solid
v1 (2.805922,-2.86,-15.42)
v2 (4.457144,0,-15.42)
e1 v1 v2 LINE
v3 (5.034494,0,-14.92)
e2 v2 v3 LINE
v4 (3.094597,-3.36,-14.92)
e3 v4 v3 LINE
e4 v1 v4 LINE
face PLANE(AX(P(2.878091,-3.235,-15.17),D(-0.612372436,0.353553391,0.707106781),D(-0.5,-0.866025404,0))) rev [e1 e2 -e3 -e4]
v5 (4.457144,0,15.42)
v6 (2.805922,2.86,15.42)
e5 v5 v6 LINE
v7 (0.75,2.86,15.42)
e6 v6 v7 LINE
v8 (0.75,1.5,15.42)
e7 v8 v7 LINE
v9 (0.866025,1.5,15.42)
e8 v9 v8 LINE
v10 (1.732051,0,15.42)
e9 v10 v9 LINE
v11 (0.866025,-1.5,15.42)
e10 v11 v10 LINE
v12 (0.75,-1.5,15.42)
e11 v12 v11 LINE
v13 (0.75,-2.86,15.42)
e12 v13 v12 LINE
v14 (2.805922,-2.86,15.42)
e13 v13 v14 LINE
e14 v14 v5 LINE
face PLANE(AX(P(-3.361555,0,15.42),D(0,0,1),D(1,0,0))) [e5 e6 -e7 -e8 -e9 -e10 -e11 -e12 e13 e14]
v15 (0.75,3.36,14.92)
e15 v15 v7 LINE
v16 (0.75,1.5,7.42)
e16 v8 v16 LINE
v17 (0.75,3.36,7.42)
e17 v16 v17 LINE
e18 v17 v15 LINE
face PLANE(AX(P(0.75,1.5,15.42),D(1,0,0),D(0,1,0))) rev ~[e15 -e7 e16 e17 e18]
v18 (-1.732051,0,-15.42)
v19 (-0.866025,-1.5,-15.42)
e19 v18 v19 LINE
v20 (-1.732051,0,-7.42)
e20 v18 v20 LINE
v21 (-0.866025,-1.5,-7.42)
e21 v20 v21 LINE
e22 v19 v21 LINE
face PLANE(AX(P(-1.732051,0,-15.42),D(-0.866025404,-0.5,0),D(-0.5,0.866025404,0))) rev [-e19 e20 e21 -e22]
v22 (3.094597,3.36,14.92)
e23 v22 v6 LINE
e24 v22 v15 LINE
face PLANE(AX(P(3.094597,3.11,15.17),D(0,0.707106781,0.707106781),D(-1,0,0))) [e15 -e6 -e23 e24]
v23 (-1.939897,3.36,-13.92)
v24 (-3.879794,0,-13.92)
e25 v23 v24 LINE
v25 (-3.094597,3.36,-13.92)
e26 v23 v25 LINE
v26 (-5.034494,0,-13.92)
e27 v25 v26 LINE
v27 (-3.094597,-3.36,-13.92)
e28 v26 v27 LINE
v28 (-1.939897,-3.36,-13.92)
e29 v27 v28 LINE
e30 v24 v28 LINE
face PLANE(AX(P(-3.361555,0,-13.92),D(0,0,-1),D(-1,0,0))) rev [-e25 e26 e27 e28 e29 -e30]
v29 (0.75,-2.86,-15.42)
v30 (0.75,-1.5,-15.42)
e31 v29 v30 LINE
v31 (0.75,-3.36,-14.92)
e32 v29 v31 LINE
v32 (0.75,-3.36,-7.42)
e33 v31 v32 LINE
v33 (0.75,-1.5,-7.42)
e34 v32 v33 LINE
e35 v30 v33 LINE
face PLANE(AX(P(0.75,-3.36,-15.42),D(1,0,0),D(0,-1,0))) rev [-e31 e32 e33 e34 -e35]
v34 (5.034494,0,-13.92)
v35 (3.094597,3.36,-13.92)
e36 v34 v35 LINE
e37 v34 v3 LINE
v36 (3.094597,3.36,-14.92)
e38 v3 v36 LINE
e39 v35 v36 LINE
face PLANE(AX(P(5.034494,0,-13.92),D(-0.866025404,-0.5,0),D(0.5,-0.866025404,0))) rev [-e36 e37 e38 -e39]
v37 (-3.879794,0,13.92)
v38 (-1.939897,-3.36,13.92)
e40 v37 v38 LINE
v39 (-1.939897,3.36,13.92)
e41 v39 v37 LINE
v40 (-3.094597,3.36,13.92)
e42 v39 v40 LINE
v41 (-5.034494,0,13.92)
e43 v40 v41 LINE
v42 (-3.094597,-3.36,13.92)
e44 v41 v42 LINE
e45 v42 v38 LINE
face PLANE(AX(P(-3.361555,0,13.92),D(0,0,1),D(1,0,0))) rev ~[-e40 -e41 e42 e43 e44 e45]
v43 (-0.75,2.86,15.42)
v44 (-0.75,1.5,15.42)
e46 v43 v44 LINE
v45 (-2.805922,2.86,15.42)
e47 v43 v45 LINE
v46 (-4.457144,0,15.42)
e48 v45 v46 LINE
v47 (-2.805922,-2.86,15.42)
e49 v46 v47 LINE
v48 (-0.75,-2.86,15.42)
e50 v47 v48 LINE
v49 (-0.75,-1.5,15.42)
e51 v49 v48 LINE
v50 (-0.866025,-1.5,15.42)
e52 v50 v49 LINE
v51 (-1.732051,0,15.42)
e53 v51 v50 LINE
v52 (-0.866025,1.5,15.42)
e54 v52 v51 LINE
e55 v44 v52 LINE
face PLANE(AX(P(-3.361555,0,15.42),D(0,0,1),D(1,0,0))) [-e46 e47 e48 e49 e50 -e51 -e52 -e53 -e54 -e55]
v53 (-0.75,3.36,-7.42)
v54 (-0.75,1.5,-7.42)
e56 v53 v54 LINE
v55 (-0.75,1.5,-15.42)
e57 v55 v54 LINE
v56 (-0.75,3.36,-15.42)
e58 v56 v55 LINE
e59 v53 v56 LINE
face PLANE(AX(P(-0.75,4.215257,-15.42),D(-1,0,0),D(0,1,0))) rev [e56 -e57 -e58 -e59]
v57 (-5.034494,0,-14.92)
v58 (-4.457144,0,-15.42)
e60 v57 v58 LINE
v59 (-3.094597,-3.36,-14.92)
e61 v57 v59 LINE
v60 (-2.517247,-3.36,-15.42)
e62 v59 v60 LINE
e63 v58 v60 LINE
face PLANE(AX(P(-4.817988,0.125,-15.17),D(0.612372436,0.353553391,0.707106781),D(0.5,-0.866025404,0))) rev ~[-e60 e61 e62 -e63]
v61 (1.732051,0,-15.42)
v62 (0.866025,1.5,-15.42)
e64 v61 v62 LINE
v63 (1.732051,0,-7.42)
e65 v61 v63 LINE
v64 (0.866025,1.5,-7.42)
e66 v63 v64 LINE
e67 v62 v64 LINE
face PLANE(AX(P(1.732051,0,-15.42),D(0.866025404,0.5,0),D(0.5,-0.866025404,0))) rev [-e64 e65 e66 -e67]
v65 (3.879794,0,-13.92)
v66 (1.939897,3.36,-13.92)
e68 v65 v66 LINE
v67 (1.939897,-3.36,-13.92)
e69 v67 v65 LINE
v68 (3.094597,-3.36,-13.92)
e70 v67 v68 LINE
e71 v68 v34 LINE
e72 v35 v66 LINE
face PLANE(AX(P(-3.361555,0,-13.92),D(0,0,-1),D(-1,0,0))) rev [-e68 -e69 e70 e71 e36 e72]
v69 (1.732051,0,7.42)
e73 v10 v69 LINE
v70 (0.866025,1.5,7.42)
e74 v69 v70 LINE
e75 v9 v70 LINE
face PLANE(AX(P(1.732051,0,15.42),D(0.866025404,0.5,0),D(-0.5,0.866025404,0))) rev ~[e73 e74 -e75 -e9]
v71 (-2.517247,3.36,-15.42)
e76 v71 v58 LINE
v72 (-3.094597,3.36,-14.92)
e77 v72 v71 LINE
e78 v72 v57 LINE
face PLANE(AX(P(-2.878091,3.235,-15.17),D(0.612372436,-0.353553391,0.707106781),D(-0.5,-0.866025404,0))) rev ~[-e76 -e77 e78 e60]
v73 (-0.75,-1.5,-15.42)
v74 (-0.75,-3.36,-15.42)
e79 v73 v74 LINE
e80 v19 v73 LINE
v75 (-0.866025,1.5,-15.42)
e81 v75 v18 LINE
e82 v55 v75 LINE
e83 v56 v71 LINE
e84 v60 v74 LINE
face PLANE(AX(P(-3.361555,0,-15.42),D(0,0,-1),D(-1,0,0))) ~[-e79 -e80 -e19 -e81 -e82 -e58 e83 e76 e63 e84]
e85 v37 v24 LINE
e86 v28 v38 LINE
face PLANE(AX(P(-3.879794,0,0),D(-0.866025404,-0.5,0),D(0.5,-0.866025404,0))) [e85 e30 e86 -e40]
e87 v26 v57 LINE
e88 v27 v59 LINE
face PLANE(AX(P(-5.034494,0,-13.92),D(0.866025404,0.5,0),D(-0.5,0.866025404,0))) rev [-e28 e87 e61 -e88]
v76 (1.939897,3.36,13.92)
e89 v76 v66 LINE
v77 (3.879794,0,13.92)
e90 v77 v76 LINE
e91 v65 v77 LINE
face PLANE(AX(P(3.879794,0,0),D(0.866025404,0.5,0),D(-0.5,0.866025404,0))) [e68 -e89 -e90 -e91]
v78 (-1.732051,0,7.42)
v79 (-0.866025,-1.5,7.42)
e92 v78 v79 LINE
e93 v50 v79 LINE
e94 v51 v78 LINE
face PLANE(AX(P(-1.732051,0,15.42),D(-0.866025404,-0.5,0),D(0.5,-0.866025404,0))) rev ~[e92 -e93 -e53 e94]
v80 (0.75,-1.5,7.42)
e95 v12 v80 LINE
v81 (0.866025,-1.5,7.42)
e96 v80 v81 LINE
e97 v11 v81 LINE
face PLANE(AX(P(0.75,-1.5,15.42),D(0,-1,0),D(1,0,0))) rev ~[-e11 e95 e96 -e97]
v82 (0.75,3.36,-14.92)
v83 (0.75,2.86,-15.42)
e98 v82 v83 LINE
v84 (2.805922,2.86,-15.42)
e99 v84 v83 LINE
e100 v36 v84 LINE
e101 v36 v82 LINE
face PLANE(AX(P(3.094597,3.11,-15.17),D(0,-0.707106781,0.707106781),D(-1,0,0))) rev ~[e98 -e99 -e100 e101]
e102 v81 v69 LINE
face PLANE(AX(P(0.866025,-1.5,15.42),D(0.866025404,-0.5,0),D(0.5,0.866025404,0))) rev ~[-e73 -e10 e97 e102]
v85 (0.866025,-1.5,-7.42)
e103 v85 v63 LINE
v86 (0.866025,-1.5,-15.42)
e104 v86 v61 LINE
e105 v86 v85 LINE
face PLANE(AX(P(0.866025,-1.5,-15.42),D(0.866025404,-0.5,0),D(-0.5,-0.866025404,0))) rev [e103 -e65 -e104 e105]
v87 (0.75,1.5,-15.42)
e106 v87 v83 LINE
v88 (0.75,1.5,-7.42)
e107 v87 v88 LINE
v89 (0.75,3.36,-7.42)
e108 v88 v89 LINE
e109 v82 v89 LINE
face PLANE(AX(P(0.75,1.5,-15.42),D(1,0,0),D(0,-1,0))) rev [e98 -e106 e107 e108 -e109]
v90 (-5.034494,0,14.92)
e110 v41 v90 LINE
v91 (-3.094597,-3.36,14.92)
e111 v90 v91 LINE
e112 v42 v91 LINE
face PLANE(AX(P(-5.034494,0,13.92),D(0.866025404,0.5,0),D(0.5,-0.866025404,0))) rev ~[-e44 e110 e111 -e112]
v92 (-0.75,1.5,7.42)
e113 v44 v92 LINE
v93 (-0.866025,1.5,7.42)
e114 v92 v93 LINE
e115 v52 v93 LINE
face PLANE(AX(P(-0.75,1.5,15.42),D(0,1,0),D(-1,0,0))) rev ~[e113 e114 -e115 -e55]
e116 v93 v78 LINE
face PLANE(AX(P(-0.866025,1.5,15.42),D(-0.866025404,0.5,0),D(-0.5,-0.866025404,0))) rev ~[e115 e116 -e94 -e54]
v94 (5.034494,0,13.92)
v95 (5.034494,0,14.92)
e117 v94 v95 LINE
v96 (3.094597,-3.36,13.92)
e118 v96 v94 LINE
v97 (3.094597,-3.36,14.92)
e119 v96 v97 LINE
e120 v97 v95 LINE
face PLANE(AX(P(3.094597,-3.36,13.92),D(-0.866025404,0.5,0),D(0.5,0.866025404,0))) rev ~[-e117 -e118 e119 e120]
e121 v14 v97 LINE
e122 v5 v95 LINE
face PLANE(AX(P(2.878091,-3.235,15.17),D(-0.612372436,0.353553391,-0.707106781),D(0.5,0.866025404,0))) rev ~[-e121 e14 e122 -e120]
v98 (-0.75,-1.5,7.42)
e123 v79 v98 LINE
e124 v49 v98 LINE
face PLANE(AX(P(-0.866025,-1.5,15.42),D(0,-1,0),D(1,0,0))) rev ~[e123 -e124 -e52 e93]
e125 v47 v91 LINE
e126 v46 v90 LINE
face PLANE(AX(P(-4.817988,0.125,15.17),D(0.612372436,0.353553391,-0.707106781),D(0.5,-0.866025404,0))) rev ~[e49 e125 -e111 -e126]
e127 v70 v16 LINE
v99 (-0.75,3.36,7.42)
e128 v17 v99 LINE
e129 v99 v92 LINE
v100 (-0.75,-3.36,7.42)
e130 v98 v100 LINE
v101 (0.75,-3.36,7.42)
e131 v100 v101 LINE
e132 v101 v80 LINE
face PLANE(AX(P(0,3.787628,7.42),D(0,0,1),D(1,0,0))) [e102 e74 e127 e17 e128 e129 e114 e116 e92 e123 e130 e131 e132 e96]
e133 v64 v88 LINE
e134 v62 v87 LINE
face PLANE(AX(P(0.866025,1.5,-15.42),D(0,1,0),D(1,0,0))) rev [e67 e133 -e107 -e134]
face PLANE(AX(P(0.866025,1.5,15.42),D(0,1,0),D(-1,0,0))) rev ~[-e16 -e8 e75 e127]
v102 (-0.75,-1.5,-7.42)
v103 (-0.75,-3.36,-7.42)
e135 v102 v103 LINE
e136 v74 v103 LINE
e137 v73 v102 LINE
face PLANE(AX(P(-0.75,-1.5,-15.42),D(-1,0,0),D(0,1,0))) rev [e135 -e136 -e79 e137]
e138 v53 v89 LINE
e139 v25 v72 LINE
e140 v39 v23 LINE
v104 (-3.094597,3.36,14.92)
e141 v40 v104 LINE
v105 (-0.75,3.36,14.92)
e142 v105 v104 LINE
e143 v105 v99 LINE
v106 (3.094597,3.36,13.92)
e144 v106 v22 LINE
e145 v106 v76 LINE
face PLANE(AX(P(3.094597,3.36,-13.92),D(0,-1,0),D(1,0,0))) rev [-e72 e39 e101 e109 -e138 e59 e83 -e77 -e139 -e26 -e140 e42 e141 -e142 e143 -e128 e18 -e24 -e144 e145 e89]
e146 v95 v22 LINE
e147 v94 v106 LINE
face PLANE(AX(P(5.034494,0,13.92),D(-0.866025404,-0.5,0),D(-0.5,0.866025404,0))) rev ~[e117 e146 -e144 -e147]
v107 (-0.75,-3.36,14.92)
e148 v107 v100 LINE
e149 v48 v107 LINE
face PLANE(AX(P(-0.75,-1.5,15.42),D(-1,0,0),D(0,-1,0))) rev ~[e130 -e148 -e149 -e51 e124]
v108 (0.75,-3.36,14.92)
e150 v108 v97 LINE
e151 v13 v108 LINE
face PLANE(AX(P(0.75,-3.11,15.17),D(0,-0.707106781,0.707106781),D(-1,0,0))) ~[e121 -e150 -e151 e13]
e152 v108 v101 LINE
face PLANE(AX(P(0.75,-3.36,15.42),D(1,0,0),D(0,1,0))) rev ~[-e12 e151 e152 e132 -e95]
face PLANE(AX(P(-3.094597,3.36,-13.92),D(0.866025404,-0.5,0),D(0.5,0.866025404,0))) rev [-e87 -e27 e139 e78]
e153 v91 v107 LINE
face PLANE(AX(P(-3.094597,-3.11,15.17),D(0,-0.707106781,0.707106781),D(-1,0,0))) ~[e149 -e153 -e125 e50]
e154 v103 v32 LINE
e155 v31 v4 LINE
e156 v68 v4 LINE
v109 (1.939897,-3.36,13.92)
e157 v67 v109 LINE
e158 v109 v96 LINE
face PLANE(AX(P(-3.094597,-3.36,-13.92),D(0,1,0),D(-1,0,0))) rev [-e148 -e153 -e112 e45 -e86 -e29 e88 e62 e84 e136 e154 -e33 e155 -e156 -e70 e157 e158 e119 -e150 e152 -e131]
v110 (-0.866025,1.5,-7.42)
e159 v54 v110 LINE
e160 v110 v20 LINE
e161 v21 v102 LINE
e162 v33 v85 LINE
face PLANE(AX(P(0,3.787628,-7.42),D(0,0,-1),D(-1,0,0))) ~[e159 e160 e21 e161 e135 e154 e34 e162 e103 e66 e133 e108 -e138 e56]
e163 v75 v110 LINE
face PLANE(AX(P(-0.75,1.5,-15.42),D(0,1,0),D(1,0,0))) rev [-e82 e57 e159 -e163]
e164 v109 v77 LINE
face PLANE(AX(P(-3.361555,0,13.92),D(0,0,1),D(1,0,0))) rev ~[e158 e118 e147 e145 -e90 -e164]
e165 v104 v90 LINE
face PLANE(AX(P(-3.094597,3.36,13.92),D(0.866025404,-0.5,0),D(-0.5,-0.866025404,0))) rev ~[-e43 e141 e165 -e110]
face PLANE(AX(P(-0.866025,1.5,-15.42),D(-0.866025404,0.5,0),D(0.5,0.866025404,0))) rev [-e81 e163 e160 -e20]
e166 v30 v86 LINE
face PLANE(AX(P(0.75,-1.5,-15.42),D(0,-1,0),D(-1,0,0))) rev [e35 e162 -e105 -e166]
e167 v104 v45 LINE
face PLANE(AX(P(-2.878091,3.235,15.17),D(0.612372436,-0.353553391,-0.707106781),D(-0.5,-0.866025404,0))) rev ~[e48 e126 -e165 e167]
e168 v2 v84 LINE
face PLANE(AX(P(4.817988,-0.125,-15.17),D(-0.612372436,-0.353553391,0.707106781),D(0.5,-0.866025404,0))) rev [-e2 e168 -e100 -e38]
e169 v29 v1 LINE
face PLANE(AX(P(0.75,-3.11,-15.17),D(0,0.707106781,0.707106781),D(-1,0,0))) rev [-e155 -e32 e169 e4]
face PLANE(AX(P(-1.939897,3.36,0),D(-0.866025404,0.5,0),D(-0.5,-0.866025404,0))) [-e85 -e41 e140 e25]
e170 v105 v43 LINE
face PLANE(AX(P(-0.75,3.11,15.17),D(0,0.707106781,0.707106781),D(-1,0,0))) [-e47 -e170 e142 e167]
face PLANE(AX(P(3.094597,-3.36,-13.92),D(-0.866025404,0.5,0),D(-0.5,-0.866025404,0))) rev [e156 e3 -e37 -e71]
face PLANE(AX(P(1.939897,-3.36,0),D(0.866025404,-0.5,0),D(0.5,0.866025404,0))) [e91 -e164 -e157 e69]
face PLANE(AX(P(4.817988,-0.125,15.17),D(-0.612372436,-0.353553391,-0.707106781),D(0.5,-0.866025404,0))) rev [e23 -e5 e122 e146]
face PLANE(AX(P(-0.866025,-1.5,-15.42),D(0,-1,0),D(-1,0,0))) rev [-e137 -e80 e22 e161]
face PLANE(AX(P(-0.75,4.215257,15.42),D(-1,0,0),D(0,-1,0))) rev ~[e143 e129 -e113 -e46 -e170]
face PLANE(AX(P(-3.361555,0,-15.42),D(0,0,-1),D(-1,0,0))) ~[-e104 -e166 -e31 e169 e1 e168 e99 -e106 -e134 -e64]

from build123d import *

# Parameters (mm, degrees)
BOSS_EXTRU_1_DEPTH      = 13.92
BOSS_EXTRU_2_DEPTH      = 1.5
ESQUISSE4_W             = 1.5
ESQUISSE4_H             = 0.855256697
ESQUISSE4_H_2           = 1.86
ESQUISSE4_H_3           = 3
ENL_V_MAT_EXTRU_1_DEPTH = 8
CHANFREIN1_SIZE         = 0.5


with BuildPart() as part:
    # Esquisse1 → Boss.-Extru.1 (new, symmetric)
    with BuildSketch(Plane(origin=(0, 0, 0), x_dir=(0, 1, 0), z_dir=(0, 0, 1))):
        Polygon((0, 3.879793809), (-3.36, 1.939896904), (-3.36, -1.939896904), (0, -3.879793809), (3.36, -1.939896904), (3.36, 1.939896904), align=None)
    extrude(amount=BOSS_EXTRU_1_DEPTH, both=True)

    # Esquisse2 → Boss.-Extru.2 (add)
    with BuildSketch(Plane.XY.offset(13.92)):
        Polygon((-1.939896904, 3.36), (-3.094597443, 3.36), (-5.034494347, 0), (-3.094597443, -3.36), (-1.939896904, -3.36), (-3.879793809, 0), align=None)
        Polygon((3.094597443, 3.36), (1.939896904, 3.36), (3.879793809, 0), (1.939896904, -3.36), (3.094597443, -3.36), (5.034494347, 0), align=None)
        Polygon((1.939896904, 3.36), (-1.939896904, 3.36), (-3.879793809, 0), (-1.939896904, -3.36), (1.939896904, -3.36), (3.879793809, 0), align=None)
    boss_extru_2 = extrude(amount=BOSS_EXTRU_2_DEPTH)

    # Esquisse4 → Enlèv. mat.-Extru.1 (cut)
    with BuildSketch(Plane.XY.offset(15.42)):
        with Locations((0, 3.787628349)):
            Rectangle(ESQUISSE4_W, ESQUISSE4_H)
        with Locations((0, 2.43)):
            Rectangle(ESQUISSE4_W, ESQUISSE4_H_2)
        Rectangle(ESQUISSE4_W, ESQUISSE4_H_3)
        with Locations((0, -2.43)):
            Rectangle(ESQUISSE4_W, ESQUISSE4_H_2)
        Polygon((0.75, 1.5), (0.75, -1.5), (0.866025404, -1.5), (1.732050808, 0), (0.866025404, 1.5), align=None)
        Polygon((-0.866025404, 1.5), (-1.732050808, 0), (-0.866025404, -1.5), (-0.75, -1.5), (-0.75, 1.5), align=None)
    enl_v_mat_extru_1 = extrude(amount=-ENL_V_MAT_EXTRU_1_DEPTH, mode=Mode.SUBTRACT)

    # Symétrie2: Boss.-Extru.2, Enlèv. mat.-Extru.1 across plane
    add(boss_extru_2.mirror(Plane.XY))
    add(enl_v_mat_extru_1.mirror(Plane.XY), mode=Mode.SUBTRACT)

    # Chanfrein1
    chanfrein1_edges = [part.edges().sort_by_distance(p)[0] for p in [
        (1.922298721, -3.36, -15.42),
        (1.922298721, 3.36, -15.42),
        (-1.922298721, 3.36, 15.42),
        (-1.922298721, -3.36, 15.42),
        (4.064545895, -1.68, 15.42),
        (4.064545895, 1.68, 15.42),
        (-4.064545895, 1.68, 15.42),
        (-4.064545895, -1.68, 15.42),
        (1.922298721, -3.36, 15.42),
        (1.922298721, 3.36, 15.42),
        (-4.064545895, -1.68, -15.42),
        (-4.064545895, 1.68, -15.42),
        (4.064545895, 1.68, -15.42),
        (4.064545895, -1.68, -15.42),
    ]]
    chamfer(chanfrein1_edges, length=CHANFREIN1_SIZE)


solid = part.part
